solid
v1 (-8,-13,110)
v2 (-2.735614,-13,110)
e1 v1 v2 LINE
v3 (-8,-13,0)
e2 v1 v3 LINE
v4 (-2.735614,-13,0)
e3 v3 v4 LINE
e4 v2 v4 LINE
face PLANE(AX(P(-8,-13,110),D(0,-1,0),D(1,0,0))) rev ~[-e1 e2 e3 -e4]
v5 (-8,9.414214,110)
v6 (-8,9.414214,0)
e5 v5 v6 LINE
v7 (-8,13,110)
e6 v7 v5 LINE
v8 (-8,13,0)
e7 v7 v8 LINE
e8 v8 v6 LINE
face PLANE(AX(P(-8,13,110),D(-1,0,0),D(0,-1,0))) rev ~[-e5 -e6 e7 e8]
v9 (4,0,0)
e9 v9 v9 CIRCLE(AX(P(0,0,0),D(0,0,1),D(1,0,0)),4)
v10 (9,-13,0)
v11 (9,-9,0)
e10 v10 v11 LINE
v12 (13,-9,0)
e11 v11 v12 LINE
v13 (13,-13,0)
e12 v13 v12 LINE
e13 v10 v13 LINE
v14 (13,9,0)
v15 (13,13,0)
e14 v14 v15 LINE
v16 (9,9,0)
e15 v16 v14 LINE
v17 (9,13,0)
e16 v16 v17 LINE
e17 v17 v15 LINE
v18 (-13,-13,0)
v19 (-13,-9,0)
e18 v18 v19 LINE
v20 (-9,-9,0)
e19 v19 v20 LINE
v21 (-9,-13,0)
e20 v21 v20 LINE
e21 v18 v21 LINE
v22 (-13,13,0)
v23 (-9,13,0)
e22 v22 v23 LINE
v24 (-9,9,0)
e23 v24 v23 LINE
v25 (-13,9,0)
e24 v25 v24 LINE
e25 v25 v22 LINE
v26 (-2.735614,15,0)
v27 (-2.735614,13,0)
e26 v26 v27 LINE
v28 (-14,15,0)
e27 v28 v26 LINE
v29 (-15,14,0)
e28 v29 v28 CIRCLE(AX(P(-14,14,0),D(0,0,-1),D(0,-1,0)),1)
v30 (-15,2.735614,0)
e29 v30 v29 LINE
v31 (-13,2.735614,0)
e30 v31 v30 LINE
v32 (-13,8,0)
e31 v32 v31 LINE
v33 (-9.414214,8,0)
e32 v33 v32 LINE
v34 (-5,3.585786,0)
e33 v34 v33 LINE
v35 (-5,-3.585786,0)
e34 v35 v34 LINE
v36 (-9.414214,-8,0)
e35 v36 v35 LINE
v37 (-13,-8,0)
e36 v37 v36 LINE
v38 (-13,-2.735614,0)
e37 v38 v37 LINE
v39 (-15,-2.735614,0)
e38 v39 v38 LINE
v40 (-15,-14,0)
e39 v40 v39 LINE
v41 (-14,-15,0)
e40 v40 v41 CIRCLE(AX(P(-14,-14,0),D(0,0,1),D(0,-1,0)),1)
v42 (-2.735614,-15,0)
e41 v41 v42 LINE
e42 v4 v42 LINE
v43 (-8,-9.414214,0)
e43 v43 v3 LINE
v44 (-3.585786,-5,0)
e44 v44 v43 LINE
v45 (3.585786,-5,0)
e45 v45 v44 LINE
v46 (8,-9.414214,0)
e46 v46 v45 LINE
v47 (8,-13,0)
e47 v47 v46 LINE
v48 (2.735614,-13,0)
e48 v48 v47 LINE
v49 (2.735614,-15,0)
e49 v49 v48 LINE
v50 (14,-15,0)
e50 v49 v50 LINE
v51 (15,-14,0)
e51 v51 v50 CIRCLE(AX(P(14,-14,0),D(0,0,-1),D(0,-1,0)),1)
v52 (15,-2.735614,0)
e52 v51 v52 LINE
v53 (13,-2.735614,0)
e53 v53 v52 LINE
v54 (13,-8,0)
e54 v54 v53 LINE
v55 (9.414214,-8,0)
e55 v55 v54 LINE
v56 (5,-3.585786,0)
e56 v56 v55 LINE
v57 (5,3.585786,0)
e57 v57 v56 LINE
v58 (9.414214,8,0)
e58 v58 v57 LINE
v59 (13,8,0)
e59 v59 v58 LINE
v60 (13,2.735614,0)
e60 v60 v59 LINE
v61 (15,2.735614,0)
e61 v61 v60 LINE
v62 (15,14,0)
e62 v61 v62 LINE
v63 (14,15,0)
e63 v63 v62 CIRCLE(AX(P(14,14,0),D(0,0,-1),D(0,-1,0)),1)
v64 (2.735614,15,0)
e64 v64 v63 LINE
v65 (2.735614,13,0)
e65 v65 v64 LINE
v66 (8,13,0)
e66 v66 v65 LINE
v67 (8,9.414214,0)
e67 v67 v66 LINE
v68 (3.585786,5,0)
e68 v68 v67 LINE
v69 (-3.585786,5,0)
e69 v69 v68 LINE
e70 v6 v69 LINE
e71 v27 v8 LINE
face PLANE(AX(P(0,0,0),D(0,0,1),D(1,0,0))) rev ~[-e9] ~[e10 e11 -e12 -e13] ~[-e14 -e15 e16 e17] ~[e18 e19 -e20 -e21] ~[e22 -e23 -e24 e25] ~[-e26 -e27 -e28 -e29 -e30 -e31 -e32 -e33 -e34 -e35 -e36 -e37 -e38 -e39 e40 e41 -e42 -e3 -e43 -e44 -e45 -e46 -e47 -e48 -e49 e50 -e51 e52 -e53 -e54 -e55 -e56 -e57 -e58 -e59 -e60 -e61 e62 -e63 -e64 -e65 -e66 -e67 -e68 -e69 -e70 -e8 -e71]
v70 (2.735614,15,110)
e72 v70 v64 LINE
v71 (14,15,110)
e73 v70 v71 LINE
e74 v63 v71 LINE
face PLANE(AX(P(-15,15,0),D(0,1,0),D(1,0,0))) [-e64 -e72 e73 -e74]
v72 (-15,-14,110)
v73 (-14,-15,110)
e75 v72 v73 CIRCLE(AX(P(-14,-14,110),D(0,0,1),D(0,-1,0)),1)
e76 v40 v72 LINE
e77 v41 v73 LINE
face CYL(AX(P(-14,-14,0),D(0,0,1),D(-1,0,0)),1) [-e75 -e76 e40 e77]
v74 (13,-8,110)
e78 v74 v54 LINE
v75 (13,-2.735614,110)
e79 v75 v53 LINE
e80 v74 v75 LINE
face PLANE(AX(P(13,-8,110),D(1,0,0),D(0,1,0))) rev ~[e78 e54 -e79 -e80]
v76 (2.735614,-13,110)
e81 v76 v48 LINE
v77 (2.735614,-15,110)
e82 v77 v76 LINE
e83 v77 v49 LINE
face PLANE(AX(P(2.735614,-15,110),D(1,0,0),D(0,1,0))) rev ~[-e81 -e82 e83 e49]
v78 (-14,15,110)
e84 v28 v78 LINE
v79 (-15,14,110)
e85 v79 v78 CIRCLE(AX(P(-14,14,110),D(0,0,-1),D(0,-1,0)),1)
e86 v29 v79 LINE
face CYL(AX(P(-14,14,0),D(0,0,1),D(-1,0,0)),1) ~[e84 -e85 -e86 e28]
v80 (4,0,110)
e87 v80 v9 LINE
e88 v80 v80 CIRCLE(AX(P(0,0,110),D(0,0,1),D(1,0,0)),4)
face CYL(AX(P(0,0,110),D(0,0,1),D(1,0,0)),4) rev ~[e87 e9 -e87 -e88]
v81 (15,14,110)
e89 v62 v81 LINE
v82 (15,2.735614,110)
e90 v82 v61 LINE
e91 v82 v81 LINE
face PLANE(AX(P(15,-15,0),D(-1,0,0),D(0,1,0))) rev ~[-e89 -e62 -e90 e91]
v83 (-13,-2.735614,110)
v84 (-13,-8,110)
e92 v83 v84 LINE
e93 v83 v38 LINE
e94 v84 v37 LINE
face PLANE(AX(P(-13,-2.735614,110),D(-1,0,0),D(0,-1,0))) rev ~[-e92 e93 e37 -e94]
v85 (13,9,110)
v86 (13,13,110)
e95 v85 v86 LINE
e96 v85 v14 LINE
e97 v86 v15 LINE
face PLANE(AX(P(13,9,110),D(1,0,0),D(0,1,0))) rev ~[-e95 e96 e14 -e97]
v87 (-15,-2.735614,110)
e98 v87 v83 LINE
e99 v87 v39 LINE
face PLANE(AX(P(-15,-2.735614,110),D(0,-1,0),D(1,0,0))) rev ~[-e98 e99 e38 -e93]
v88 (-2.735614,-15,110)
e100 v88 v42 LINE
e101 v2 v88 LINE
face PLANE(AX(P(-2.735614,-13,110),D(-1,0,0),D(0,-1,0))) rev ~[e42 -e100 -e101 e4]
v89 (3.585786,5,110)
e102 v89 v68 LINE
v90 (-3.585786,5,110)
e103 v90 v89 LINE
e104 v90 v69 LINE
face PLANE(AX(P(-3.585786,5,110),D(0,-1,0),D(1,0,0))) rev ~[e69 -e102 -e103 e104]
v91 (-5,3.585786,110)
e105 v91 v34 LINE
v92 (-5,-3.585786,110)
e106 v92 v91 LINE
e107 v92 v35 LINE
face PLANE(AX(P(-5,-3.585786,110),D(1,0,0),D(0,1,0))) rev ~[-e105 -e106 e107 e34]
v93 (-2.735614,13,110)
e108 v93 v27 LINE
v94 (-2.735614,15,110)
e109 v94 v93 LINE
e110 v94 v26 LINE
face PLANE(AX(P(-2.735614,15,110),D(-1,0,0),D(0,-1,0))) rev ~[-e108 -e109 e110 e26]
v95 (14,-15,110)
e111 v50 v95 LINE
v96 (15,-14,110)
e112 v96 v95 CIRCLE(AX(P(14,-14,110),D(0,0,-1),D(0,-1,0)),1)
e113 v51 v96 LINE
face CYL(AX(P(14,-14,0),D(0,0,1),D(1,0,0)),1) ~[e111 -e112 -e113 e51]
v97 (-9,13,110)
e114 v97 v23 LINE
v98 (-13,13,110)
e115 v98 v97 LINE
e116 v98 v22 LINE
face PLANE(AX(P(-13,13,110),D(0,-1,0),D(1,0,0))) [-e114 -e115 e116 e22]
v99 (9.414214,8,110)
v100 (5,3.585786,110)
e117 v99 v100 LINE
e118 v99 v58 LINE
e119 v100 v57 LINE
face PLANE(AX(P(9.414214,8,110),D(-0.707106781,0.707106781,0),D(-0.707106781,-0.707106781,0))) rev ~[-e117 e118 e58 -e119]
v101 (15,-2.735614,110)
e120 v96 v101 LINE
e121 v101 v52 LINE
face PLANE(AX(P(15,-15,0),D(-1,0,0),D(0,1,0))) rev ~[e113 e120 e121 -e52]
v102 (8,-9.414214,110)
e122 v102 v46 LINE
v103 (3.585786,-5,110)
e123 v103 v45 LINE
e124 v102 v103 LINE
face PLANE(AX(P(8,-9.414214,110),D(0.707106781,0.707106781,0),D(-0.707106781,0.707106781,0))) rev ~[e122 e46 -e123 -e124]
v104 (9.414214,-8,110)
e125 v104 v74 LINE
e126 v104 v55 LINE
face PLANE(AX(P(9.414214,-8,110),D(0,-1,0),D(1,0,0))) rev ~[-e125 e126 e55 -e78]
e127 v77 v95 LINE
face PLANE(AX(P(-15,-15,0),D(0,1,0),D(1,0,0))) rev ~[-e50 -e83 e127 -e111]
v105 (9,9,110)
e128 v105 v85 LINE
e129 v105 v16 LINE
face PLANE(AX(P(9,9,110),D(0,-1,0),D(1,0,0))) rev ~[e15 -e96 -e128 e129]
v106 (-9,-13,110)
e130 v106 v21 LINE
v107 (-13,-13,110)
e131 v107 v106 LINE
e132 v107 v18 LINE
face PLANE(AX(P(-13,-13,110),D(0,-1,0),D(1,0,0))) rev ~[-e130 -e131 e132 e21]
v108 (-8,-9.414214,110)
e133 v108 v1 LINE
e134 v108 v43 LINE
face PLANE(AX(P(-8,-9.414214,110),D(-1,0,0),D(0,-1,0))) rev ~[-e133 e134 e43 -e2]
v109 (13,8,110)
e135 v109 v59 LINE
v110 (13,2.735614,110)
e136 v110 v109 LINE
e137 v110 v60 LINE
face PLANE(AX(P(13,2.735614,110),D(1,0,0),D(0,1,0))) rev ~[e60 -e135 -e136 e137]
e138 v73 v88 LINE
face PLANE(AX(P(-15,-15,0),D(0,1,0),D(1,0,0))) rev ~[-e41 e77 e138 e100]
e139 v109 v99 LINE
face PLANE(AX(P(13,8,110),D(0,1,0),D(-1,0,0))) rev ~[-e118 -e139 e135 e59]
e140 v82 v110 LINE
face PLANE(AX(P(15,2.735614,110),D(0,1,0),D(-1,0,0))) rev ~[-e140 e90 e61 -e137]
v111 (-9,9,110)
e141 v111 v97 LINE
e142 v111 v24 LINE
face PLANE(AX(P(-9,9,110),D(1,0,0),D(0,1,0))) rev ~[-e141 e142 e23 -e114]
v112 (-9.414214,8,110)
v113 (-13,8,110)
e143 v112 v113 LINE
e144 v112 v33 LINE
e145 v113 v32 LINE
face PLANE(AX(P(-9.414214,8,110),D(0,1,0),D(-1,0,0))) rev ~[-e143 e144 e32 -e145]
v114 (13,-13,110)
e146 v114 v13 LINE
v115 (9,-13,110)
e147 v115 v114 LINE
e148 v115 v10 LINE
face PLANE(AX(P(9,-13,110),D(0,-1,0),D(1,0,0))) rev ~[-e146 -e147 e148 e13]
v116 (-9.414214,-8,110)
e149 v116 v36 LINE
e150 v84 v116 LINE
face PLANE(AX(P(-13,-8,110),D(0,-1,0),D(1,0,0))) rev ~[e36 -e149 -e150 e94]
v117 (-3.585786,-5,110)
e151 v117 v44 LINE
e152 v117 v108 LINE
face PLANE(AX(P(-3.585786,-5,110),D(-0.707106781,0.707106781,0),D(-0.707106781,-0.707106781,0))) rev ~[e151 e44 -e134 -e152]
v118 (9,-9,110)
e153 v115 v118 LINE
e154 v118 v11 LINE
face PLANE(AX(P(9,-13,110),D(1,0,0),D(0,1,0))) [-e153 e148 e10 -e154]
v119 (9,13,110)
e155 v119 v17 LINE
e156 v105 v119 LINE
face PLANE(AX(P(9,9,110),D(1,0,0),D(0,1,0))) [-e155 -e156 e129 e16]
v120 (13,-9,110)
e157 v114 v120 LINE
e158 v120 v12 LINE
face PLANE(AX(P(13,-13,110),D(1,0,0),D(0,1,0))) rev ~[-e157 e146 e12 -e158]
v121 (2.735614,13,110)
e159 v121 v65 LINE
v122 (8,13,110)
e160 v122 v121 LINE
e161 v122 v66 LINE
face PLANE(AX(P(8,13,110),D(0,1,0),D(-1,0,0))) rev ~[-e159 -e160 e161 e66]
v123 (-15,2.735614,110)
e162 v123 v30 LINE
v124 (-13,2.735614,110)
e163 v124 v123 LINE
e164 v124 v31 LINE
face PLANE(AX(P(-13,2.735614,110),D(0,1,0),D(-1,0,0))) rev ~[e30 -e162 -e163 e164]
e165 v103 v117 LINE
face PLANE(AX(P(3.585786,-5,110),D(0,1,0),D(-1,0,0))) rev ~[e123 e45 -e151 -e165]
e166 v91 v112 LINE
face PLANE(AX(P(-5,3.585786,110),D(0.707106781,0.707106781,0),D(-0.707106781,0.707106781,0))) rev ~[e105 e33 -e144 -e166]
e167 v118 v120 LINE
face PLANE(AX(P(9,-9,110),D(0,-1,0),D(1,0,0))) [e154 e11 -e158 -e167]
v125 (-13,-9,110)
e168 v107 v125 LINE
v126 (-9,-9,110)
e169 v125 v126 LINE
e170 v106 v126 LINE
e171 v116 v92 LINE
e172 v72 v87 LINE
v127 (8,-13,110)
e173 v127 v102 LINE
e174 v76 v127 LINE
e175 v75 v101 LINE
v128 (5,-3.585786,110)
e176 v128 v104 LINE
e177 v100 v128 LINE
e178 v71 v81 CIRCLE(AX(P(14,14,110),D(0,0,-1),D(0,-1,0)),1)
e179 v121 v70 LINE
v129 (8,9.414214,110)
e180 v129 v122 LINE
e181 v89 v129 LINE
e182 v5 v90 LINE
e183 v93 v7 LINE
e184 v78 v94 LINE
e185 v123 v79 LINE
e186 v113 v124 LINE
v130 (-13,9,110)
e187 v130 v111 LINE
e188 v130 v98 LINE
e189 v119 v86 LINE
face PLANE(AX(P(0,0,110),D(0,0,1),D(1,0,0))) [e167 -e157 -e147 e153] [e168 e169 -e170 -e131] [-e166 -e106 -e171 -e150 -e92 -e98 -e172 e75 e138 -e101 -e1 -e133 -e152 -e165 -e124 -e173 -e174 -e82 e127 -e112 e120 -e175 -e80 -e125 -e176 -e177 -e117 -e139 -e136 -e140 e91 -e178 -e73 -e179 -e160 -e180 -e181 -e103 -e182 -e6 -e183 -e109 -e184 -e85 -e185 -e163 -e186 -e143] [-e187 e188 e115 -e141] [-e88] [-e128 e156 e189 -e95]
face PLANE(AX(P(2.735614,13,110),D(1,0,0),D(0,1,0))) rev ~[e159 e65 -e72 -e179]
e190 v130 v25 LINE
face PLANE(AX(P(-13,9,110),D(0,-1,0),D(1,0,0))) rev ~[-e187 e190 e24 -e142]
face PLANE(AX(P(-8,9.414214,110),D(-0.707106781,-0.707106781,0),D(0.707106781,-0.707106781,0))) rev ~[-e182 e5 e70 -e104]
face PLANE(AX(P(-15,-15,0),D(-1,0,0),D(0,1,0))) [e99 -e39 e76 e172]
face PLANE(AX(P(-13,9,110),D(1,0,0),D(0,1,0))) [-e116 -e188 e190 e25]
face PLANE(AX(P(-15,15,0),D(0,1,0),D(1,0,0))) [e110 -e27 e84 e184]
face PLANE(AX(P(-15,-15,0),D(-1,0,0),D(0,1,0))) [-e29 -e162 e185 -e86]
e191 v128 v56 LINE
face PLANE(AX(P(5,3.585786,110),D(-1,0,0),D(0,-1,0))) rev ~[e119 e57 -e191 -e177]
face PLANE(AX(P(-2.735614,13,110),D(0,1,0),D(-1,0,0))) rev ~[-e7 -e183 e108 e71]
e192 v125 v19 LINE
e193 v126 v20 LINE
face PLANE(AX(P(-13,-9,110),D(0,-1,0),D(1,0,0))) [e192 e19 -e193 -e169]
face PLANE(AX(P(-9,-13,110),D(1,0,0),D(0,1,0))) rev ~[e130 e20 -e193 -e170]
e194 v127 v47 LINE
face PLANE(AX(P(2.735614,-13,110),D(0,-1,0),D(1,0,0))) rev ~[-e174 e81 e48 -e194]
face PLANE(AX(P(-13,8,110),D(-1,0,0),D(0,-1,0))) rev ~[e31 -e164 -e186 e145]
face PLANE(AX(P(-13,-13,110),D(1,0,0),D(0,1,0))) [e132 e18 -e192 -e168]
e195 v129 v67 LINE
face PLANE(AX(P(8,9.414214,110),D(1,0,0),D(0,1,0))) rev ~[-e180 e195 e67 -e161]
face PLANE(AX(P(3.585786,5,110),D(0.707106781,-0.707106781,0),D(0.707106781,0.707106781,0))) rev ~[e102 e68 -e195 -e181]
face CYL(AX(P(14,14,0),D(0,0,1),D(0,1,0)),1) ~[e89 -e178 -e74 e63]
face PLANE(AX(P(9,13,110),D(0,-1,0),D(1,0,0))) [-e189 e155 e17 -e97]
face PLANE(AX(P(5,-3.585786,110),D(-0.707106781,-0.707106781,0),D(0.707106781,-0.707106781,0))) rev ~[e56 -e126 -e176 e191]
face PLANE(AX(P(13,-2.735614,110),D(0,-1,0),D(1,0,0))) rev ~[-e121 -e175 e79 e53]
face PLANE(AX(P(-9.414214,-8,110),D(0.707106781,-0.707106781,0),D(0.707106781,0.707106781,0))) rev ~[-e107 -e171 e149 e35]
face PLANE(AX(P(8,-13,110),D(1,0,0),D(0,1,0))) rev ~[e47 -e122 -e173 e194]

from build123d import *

# Parameters (mm, degrees)
SKETCH_1_W          = 30
SKETCH_1_H          = 30
EXTRUDE_1_DEPTH     = 110
SKETCH_2_R          = 4
SKETCH_2_W          = 4
SKETCH_2_H          = 4
CUT_EXTRUDE_1_DEPTH = 113.026782512
FILLET_2_R          = 1


with BuildPart() as part:
    # 草图1 → 凸台-拉伸1 (new body)
    with BuildSketch(Plane.XY):
        Rectangle(SKETCH_1_W, SKETCH_1_H)
    extrude(amount=EXTRUDE_1_DEPTH)

    # 草图2 → 切除-拉伸1 (cut, through all)
    with BuildSketch(Plane.XY.offset(110)):
        Circle(SKETCH_2_R)
        Polygon((-8, 9.414213562), (-3.585786438, 5), (3.585786438, 5), (8, 9.414213562), (8, 13), (2.735613527, 13), (2.735613527, 15), (-2.735613527, 15), (-2.735613527, 13), (-8, 13), align=None)
        Polygon((-5, -3.585786438), (-5, 3.585786438), (-9.414213562, 8), (-13, 8), (-13, 2.735613527), (-15, 2.735613527), (-15, -2.735613527), (-13, -2.735613527), (-13, -8), (-9.414213562, -8), align=None)
        Polygon((3.585786438, -5), (-3.585786438, -5), (-8, -9.414213562), (-8, -13), (-2.735613527, -13), (-2.735613527, -15), (2.735613527, -15), (2.735613527, -13), (8, -13), (8, -9.414213562), align=None)
        Polygon((9.414213562, 8), (5, 3.585786438), (5, -3.585786438), (9.414213562, -8), (13, -8), (13, -2.735613527), (15, -2.735613527), (15, 2.735613527), (13, 2.735613527), (13, 8), align=None)
        with Locations((-11, 11)):
            Rectangle(SKETCH_2_W, SKETCH_2_H)
        with Locations((11, 11)):
            Rectangle(SKETCH_2_W, SKETCH_2_H)
        with Locations((11, -11)):
            Rectangle(SKETCH_2_W, SKETCH_2_H)
        with Locations((-11, -11)):
            Rectangle(SKETCH_2_W, SKETCH_2_H)
    extrude(amount=-CUT_EXTRUDE_1_DEPTH, mode=Mode.SUBTRACT)

    # 圆角2
    fillet_2_edges = [part.edges().sort_by_distance(p)[0] for p in [
        (-15, 15, 55),
        (15, 15, 55),
        (15, -15, 55),
        (-15, -15, 55),
    ]]
    fillet(fillet_2_edges, radius=FILLET_2_R)


solid = part.part
